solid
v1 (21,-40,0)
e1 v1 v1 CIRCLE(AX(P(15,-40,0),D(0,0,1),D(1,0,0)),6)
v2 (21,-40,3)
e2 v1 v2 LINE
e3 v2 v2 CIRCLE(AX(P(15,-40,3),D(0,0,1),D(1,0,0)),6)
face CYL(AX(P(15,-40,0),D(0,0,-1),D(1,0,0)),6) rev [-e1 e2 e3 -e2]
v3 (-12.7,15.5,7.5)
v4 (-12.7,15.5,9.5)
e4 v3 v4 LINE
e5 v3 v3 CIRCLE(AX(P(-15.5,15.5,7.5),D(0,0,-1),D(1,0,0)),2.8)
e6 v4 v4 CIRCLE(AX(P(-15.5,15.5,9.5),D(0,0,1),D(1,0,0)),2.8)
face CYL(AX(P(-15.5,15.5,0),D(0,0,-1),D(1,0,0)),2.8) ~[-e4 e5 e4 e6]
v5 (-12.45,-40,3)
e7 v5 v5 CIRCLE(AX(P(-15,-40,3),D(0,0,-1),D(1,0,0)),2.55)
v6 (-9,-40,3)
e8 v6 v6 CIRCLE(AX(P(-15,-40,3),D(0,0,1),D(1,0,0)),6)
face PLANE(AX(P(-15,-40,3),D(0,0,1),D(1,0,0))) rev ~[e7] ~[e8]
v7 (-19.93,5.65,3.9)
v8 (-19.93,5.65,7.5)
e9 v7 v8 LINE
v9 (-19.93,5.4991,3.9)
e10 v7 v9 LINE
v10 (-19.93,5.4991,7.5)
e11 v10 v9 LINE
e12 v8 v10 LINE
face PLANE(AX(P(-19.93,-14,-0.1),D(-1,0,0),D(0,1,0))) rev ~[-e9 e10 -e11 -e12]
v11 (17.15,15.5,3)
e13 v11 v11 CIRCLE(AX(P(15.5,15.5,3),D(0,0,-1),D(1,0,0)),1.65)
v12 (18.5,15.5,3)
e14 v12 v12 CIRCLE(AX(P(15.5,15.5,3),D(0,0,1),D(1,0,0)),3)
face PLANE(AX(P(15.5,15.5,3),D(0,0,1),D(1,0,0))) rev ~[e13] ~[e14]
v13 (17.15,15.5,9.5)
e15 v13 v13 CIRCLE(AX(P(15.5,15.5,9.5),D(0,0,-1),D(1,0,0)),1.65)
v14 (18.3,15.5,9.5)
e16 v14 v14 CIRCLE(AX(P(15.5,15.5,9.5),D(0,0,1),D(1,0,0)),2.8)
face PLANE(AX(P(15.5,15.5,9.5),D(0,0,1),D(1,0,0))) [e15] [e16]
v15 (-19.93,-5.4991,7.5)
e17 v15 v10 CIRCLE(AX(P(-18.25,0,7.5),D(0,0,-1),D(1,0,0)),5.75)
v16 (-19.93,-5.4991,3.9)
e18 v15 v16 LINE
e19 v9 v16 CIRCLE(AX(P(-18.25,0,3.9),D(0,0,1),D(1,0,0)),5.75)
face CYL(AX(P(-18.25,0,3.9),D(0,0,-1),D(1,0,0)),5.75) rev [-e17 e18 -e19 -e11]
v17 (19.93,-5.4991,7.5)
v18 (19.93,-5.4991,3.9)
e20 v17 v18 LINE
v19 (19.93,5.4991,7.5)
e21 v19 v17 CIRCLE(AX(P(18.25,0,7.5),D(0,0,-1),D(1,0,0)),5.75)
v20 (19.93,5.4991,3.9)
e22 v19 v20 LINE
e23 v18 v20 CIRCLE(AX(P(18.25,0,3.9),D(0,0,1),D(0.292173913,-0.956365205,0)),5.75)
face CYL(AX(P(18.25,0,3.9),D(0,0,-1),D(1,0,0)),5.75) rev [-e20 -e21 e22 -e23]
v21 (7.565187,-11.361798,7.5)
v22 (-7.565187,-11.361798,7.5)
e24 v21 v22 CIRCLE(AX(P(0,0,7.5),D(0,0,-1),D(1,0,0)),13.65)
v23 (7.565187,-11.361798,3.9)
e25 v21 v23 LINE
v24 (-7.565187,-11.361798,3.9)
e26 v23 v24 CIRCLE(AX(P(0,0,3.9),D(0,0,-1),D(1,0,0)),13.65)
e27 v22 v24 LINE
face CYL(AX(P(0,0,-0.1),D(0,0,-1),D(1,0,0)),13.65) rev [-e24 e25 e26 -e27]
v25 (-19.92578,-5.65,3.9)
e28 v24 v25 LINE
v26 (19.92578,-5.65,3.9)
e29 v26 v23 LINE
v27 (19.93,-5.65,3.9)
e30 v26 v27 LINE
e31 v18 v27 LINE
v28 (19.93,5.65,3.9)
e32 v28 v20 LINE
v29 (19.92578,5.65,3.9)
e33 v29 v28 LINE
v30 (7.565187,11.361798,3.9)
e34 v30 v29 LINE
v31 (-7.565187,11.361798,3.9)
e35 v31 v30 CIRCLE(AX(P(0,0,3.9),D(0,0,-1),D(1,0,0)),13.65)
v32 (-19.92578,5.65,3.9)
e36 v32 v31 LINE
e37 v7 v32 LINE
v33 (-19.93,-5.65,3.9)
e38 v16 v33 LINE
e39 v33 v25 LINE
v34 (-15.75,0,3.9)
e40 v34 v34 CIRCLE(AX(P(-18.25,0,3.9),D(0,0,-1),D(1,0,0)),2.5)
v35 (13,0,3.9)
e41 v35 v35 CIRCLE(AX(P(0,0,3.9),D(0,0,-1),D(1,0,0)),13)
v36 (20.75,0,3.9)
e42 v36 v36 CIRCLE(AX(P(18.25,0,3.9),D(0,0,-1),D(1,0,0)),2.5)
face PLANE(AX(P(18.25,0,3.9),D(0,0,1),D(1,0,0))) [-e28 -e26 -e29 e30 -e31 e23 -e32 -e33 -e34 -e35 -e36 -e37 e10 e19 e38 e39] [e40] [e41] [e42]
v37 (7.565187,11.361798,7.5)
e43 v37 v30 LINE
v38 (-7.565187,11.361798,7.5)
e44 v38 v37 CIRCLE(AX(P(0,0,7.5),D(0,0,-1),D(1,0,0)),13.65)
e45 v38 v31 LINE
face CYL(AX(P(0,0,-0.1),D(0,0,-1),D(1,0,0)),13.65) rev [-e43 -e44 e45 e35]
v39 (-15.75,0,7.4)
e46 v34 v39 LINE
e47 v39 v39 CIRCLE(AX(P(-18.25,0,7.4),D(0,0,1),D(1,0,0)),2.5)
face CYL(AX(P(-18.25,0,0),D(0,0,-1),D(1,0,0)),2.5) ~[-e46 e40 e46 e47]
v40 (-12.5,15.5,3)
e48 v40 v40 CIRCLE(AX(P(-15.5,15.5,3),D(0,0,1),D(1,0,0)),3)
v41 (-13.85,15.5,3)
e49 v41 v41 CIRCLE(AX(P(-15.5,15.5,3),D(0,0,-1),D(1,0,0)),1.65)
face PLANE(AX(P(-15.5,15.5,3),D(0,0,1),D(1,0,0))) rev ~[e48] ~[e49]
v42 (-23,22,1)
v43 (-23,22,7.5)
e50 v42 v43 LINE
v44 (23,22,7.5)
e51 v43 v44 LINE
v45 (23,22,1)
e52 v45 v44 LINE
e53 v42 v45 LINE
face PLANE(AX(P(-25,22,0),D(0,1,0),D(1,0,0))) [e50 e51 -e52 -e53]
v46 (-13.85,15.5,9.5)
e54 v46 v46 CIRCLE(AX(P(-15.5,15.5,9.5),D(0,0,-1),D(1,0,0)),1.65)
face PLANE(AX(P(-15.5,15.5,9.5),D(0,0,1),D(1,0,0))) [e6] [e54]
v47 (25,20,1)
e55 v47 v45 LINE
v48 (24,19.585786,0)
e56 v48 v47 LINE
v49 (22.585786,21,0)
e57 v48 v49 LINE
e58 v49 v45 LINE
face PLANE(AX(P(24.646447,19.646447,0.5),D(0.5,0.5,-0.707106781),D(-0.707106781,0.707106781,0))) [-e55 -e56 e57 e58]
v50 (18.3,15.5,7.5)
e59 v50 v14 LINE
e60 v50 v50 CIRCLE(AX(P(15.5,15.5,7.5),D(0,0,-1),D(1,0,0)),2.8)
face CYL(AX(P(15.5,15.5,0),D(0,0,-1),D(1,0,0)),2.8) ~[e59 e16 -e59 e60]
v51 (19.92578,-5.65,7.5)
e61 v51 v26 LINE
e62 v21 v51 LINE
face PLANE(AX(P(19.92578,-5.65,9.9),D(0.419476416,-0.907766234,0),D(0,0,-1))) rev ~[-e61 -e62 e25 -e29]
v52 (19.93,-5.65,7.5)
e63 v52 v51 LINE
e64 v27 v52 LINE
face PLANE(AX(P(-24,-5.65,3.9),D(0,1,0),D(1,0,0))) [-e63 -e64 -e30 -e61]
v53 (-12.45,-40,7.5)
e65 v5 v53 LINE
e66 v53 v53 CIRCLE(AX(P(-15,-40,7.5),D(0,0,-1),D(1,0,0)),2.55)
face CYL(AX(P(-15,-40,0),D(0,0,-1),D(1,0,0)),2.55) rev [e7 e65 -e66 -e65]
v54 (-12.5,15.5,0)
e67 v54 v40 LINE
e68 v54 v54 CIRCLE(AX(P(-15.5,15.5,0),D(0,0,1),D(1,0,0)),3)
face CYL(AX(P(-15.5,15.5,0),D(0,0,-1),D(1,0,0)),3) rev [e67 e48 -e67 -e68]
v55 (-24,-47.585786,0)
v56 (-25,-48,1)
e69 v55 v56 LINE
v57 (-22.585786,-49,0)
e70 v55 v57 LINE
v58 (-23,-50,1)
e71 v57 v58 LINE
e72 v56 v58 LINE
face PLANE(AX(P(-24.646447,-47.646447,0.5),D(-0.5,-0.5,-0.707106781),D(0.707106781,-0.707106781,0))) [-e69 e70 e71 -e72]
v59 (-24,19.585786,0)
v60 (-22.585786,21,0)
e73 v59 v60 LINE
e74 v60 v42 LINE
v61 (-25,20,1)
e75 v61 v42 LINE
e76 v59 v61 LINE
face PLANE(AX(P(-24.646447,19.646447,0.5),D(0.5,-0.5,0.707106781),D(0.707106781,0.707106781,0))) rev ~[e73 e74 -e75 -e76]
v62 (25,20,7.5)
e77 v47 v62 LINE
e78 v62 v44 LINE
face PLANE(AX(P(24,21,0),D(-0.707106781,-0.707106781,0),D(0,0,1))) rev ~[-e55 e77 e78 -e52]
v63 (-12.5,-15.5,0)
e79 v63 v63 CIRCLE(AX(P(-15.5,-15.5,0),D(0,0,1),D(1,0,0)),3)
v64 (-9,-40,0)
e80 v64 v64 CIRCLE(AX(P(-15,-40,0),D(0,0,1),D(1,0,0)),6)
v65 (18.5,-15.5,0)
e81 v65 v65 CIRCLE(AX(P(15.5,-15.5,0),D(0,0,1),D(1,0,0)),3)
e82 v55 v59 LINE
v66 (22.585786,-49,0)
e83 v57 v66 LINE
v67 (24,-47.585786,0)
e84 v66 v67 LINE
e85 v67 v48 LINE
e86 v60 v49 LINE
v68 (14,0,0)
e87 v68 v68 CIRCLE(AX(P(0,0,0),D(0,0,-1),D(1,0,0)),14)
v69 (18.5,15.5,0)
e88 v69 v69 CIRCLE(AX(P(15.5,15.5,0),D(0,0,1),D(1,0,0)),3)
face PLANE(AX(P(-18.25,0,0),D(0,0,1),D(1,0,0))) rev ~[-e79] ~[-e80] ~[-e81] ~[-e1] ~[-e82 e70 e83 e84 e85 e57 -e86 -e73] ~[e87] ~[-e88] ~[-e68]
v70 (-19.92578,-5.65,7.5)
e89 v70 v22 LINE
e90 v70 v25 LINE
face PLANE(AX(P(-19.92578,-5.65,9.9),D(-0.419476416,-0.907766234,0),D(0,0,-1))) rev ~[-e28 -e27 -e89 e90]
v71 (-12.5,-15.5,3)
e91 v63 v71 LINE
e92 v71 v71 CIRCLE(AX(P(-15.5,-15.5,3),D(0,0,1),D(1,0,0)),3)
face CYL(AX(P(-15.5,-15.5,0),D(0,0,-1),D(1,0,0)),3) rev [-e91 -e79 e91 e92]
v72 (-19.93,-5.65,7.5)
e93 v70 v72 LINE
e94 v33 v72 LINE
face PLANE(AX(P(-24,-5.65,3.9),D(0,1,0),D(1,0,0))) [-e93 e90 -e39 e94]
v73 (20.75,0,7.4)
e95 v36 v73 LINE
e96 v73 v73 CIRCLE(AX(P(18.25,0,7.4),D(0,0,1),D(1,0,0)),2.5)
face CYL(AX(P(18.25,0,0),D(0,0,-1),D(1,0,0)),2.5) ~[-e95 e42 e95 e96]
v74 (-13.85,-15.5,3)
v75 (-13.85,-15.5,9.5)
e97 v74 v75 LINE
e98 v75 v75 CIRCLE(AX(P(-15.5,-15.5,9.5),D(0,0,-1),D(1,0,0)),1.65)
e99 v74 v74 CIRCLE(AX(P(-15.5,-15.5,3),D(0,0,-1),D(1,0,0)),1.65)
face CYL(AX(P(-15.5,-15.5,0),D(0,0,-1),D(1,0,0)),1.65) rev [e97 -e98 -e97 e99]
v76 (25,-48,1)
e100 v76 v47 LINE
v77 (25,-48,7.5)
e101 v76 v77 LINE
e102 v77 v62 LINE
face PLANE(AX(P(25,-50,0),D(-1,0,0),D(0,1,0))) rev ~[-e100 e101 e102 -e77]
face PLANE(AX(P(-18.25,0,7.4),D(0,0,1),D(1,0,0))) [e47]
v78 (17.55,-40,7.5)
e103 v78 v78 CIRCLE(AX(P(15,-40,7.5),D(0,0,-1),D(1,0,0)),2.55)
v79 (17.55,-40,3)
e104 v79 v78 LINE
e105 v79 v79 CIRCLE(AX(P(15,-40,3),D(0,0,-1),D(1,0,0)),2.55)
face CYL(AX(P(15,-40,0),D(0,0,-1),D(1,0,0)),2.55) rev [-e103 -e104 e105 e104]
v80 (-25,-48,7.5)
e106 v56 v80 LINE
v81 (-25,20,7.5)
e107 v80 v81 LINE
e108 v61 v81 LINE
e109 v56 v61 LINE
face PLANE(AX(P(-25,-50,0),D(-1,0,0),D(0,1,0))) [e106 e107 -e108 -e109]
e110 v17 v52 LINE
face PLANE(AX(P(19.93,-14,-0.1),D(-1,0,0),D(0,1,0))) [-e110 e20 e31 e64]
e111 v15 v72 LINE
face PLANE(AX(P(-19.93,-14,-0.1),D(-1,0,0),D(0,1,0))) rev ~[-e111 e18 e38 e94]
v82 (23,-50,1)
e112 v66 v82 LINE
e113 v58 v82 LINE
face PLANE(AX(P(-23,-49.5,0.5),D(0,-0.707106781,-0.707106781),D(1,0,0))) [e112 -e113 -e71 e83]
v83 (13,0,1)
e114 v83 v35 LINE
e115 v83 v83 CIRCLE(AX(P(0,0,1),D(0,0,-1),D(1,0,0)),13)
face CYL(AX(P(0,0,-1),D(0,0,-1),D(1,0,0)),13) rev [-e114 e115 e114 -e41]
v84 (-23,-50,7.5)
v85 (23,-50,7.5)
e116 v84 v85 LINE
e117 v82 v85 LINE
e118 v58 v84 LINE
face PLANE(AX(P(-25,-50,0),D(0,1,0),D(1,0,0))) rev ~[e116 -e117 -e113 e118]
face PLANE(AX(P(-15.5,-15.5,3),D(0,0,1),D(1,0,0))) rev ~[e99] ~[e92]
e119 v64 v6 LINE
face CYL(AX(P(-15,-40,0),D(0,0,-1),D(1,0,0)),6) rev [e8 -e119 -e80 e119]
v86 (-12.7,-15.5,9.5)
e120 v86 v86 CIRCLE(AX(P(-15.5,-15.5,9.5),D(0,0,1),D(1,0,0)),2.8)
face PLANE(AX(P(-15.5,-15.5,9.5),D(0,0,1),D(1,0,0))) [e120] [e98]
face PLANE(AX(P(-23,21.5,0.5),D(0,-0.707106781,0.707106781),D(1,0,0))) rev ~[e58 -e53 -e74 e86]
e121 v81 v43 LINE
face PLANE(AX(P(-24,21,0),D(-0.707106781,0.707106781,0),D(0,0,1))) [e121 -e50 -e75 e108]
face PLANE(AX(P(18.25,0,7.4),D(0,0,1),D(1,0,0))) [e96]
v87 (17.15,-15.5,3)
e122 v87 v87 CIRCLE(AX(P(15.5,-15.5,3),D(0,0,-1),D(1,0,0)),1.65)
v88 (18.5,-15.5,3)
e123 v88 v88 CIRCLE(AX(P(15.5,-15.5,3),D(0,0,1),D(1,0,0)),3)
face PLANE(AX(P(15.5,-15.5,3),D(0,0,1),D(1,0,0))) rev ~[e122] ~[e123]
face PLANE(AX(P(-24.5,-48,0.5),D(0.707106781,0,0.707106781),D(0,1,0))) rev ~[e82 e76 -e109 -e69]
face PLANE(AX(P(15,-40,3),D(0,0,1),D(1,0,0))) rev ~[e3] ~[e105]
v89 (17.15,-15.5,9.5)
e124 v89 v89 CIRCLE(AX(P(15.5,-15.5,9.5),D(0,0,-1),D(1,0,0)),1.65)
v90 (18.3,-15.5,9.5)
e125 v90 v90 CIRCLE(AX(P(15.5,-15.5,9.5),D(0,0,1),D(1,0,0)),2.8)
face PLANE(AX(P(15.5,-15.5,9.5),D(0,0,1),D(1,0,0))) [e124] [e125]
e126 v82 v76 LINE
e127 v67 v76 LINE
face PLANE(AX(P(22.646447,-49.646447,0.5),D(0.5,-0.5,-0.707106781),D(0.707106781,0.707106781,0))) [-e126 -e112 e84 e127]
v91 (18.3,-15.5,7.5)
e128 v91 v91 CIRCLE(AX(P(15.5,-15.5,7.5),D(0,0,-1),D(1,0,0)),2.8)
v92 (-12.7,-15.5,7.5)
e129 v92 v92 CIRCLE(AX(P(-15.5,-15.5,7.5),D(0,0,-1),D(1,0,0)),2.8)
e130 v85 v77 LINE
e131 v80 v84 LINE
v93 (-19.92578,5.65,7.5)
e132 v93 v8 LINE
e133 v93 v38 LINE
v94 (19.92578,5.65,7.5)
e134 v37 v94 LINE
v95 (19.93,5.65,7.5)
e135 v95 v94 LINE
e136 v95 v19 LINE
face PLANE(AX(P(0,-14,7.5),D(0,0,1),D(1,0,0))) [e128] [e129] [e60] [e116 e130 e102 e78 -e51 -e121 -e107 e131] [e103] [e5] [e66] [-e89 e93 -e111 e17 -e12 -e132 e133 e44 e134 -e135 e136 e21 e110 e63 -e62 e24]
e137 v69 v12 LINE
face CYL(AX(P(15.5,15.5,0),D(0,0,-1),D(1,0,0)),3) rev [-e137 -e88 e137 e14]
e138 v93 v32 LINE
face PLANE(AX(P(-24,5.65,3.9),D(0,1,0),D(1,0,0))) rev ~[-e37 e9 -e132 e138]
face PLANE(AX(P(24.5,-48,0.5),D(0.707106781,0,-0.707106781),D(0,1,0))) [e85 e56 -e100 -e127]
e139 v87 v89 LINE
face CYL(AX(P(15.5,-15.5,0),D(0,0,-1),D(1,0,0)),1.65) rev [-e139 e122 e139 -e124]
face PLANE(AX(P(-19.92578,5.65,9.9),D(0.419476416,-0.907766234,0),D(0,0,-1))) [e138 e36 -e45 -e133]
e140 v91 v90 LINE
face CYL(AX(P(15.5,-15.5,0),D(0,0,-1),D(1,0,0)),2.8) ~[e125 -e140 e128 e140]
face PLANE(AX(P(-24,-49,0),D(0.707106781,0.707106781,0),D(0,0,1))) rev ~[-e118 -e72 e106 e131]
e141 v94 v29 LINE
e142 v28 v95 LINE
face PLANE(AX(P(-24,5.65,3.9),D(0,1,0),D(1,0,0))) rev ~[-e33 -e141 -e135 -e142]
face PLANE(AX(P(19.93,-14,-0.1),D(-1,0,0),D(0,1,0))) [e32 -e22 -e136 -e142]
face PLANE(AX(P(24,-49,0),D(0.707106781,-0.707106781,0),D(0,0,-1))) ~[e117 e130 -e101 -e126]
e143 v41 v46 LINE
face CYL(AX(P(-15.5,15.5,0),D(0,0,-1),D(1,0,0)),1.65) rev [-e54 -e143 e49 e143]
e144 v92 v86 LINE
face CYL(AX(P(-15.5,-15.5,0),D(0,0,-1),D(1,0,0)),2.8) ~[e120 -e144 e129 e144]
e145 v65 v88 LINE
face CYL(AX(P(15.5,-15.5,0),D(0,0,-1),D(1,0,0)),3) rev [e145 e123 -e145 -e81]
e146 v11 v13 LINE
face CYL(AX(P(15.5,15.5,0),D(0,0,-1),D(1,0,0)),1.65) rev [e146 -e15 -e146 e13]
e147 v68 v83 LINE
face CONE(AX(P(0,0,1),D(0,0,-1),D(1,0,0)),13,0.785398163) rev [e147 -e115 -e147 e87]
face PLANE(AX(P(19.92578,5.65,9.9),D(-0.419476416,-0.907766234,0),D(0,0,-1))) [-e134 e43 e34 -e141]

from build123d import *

# Parameters (mm, degrees)
CYLINDER023_R     = 6
CYLINDER023_DEPTH = 3
CYLINDER022_R     = 2.55
CYLINDER022_DEPTH = 10
CYLINDER021_R     = 2.55
CYLINDER021_DEPTH = 10
CYLINDER010_R     = 1.65
CYLINDER010_DEPTH = 10
CYLINDER011_R     = 1.65
CYLINDER011_DEPTH = 10
CYLINDER009_R     = 1.65
CYLINDER009_DEPTH = 10
CYLINDER012_R     = 1.65
CYLINDER012_DEPTH = 10
CYLINDER019_R     = 3
CYLINDER019_DEPTH = 3
CYLINDER018_R     = 3
CYLINDER018_DEPTH = 3
CYLINDER017_R     = 3
CYLINDER017_DEPTH = 3
CYLINDER020_R     = 3
CYLINDER020_DEPTH = 3
CYLINDER024_R     = 6
CYLINDER024_DEPTH = 3
CYLINDER007_R     = 2.8
CYLINDER007_DEPTH = 9.5
CYLINDER008_R     = 2.8
CYLINDER008_DEPTH = 9.5
CYLINDER006_R     = 2.8
CYLINDER006_DEPTH = 9.5
CYLINDER005_R     = 2.8
CYLINDER005_DEPTH = 9.5
CYLINDER004_R     = 2.5
CYLINDER004_DEPTH = 7.4
CYLINDER003_R     = 2.5
CYLINDER003_DEPTH = 7.4
CYLINDER013_R     = 13
CYLINDER013_DEPTH = 8
CYLINDER016_R     = 17
CYLINDER016_DEPTH = 8
BOX002_W          = 15
BOX002_H          = 28
BOX002_DEPTH      = 10
BOX003_W          = 15
BOX003_H          = 28
BOX003_DEPTH      = 10
BOX001_W          = 48
BOX001_H          = 11.3
BOX001_DEPTH      = 6
CYLINDER_R        = 13.65
CYLINDER_DEPTH    = 10
CHAMFER_SIZE      = 7.5
CYLINDER002_R     = 5.75
CYLINDER002_DEPTH = 6
CYLINDER001_R     = 5.75
CYLINDER001_DEPTH = 6
BOX_W             = 50
BOX_H             = 72
BOX_DEPTH         = 7.5
CHAMFER001_SIZE   = 2
CHAMFER002_SIZE   = 1


with BuildPart() as cylinder023:
    # Cylinder023 → Cylinder023 (new body)
    with BuildSketch(Plane(origin=(15, -40, 0), x_dir=(1, 0, 0), z_dir=(0, 0, 1))):
        Circle(CYLINDER023_R)
    extrude(amount=CYLINDER023_DEPTH)


with BuildPart() as cylinder022:
    # Cylinder022 → Cylinder022 (new body)
    with BuildSketch(Plane(origin=(15, -40, 0), x_dir=(1, 0, 0), z_dir=(0, 0, 1))):
        Circle(CYLINDER022_R)
    extrude(amount=CYLINDER022_DEPTH)


with BuildPart() as cylinder021:
    # Cylinder021 → Cylinder021 (new body)
    with BuildSketch(Plane(origin=(-15, -40, 0), x_dir=(1, 0, 0), z_dir=(0, 0, 1))):
        Circle(CYLINDER021_R)
    extrude(amount=CYLINDER021_DEPTH)


with BuildPart() as cylinder010:
    # Cylinder010 → Cylinder010 (new body)
    with BuildSketch(Plane(origin=(-15.5, -15.5, 0), x_dir=(1, 0, 0), z_dir=(0, 0, 1))):
        Circle(CYLINDER010_R)
    extrude(amount=CYLINDER010_DEPTH)


with BuildPart() as cylinder011:
    # Cylinder011 → Cylinder011 (new body)
    with BuildSketch(Plane(origin=(15.5, 15.5, 0), x_dir=(1, 0, 0), z_dir=(0, 0, 1))):
        Circle(CYLINDER011_R)
    extrude(amount=CYLINDER011_DEPTH)


with BuildPart() as cylinder009:
    # Cylinder009 → Cylinder009 (new body)
    with BuildSketch(Plane(origin=(15.5, -15.5, 0), x_dir=(1, 0, 0), z_dir=(0, 0, 1))):
        Circle(CYLINDER009_R)
    extrude(amount=CYLINDER009_DEPTH)


with BuildPart() as fusion004:
    # Cylinder012 → Cylinder012 (new body)
    with BuildSketch(Plane(origin=(-15.5, 15.5, 0), x_dir=(1, 0, 0), z_dir=(0, 0, 1))):
        Circle(CYLINDER012_R)
    extrude(amount=CYLINDER012_DEPTH)

    # Fusion004: union Cylinder010, Cylinder011, Cylinder009
    add(cylinder010.part)
    add(cylinder011.part)
    add(cylinder009.part)


with BuildPart() as cylinder019:
    # Cylinder019 → Cylinder019 (new body)
    with BuildSketch(Plane(origin=(15.5, -15.5, 0), x_dir=(1, 0, 0), z_dir=(0, 0, 1))):
        Circle(CYLINDER019_R)
    extrude(amount=CYLINDER019_DEPTH)


with BuildPart() as cylinder018:
    # Cylinder018 → Cylinder018 (new body)
    with BuildSketch(Plane(origin=(15.5, 15.5, 0), x_dir=(1, 0, 0), z_dir=(0, 0, 1))):
        Circle(CYLINDER018_R)
    extrude(amount=CYLINDER018_DEPTH)


with BuildPart() as cylinder017:
    # Cylinder017 → Cylinder017 (new body)
    with BuildSketch(Plane(origin=(-15.5, 15.5, 0), x_dir=(1, 0, 0), z_dir=(0, 0, 1))):
        Circle(CYLINDER017_R)
    extrude(amount=CYLINDER017_DEPTH)


with BuildPart() as fusion005:
    # Cylinder020 → Cylinder020 (new body)
    with BuildSketch(Plane(origin=(-15.5, -15.5, 0), x_dir=(1, 0, 0), z_dir=(0, 0, 1))):
        Circle(CYLINDER020_R)
    extrude(amount=CYLINDER020_DEPTH)

    # Fusion005: union Cylinder019, Cylinder018, Cylinder017
    add(cylinder019.part)
    add(cylinder018.part)
    add(cylinder017.part)


with BuildPart() as fusion009:
    # Cylinder024 → Cylinder024 (new body)
    with BuildSketch(Plane(origin=(-15, -40, 0), x_dir=(1, 0, 0), z_dir=(0, 0, 1))):
        Circle(CYLINDER024_R)
    extrude(amount=CYLINDER024_DEPTH)

    # Fusion009: union Cylinder023, Cylinder022, Cylinder021, Fusion004, Fusion005
    add(cylinder023.part)
    add(cylinder022.part)
    add(cylinder021.part)
    add(fusion004.part)
    add(fusion005.part)


with BuildPart() as cylinder007:
    # Cylinder007 → Cylinder007 (new body)
    with BuildSketch(Plane(origin=(-15.5, -15.5, 0), x_dir=(1, 0, 0), z_dir=(0, 0, 1))):
        Circle(CYLINDER007_R)
    extrude(amount=CYLINDER007_DEPTH)


with BuildPart() as cylinder008:
    # Cylinder008 → Cylinder008 (new body)
    with BuildSketch(Plane(origin=(15.5, -15.5, 0), x_dir=(1, 0, 0), z_dir=(0, 0, 1))):
        Circle(CYLINDER008_R)
    extrude(amount=CYLINDER008_DEPTH)


with BuildPart() as cylinder006:
    # Cylinder006 → Cylinder006 (new body)
    with BuildSketch(Plane(origin=(15.5, 15.5, 0), x_dir=(1, 0, 0), z_dir=(0, 0, 1))):
        Circle(CYLINDER006_R)
    extrude(amount=CYLINDER006_DEPTH)


with BuildPart() as fusion002:
    # Cylinder005 → Cylinder005 (new body)
    with BuildSketch(Plane(origin=(-15.5, 15.5, 0), x_dir=(1, 0, 0), z_dir=(0, 0, 1))):
        Circle(CYLINDER005_R)
    extrude(amount=CYLINDER005_DEPTH)

    # Fusion002: union Cylinder007, Cylinder008, Cylinder006
    add(cylinder007.part)
    add(cylinder008.part)
    add(cylinder006.part)


with BuildPart() as cylinder004:
    # Cylinder004 → Cylinder004 (new body)
    with BuildSketch(Plane(origin=(-18.25, 0, 0), x_dir=(1, 0, 0), z_dir=(0, 0, 1))):
        Circle(CYLINDER004_R)
    extrude(amount=CYLINDER004_DEPTH)


with BuildPart() as fusion007:
    # Cylinder003 → Cylinder003 (new body)
    with BuildSketch(Plane(origin=(18.25, 0, 0), x_dir=(1, 0, 0), z_dir=(0, 0, 1))):
        Circle(CYLINDER003_R)
    extrude(amount=CYLINDER003_DEPTH)

    # Fusion007: union Cylinder004
    add(cylinder004.part)


with BuildPart() as cylinder013:
    # Cylinder013 → Cylinder013 (new body)
    with BuildSketch(Plane.XY.offset(-1)):
        Circle(CYLINDER013_R)
    extrude(amount=CYLINDER013_DEPTH)


with BuildPart() as cylinder016:
    # Cylinder016 → Cylinder016 (new body)
    with BuildSketch(Plane.XY.offset(-4)):
        Circle(CYLINDER016_R)
    extrude(amount=CYLINDER016_DEPTH)


with BuildPart() as cube002:
    # Box002 → Box002 (new body)
    with BuildSketch(Plane(origin=(19.93, -14, 0), x_dir=(1, 0, 0), z_dir=(0, 0, 1))):
        with Locations((7.5, 14)):
            Rectangle(BOX002_W, BOX002_H)
    extrude(amount=BOX002_DEPTH)


with BuildPart() as cube003:
    # Box003 → Box003 (new body)
    with BuildSketch(Plane(origin=(-34.93, -14, 0), x_dir=(1, 0, 0), z_dir=(0, 0, 1))):
        with Locations((7.5, 14)):
            Rectangle(BOX003_W, BOX003_H)
    extrude(amount=BOX003_DEPTH)


with BuildPart() as cube001:
    # Box001 → Box001 (new body)
    with BuildSketch(Plane(origin=(-24, -5.65, 4), x_dir=(1, 0, 0), z_dir=(0, 0, 1))):
        with Locations((24, 5.65)):
            Rectangle(BOX001_W, BOX001_H)
    extrude(amount=BOX001_DEPTH)


with BuildPart() as cut002:
    # Cylinder → Cylinder (new body)
    with BuildSketch(Plane.XY):
        Circle(CYLINDER_R)
    extrude(amount=CYLINDER_DEPTH)

    # Fusion: union Cube001
    add(cube001.part)

    # Chamfer
    chamfer_edges = [cut002.edges().sort_by_distance(p)[0] for p in [
        (12.42578, 5.65, 7),
        (12.42578, -5.65, 7),
        (-12.42578, 5.65, 7),
        (-12.42578, -5.65, 7),
    ]]
    chamfer(chamfer_edges, length=CHAMFER_SIZE)

    # Cut: cut Cube003
    add(cube003.part, mode=Mode.SUBTRACT)

    # Cut001: cut Cube002
    add(cube002.part, mode=Mode.SUBTRACT)

    # Cut002: cut Cylinder016
    add(cylinder016.part, mode=Mode.SUBTRACT)


with BuildPart() as cylinder002:
    # Cylinder002 → Cylinder002 (new body)
    with BuildSketch(Plane(origin=(18.25, 0, 4), x_dir=(1, 0, 0), z_dir=(0, 0, 1))):
        Circle(CYLINDER002_R)
    extrude(amount=CYLINDER002_DEPTH)


with BuildPart() as bearing_template:
    # Cylinder001 → Cylinder001 (new body)
    with BuildSketch(Plane(origin=(-18.25, 0, 4), x_dir=(1, 0, 0), z_dir=(0, 0, 1))):
        Circle(CYLINDER001_R)
    extrude(amount=CYLINDER001_DEPTH)

    # Fusion001: union Cut002, Cylinder002
    add(cut002.part)
    add(cylinder002.part)


with BuildPart() as bearing_template_1:
    # Fusion001 placement: moved
    add(bearing_template.part.moved(Location((0, 0, -0.1))))


with BuildPart() as chamfer002:
    # Box → Box (new body)
    with BuildSketch(Plane(origin=(-25, -50, 0), x_dir=(1, 0, 0), z_dir=(0, 0, 1))):
        with Locations((25, 36)):
            Rectangle(BOX_W, BOX_H)
    extrude(amount=BOX_DEPTH)

    # Chamfer001
    chamfer001_edges = [chamfer002.edges().sort_by_distance(p)[0] for p in [
        (-25, -50, 3.75),
        (-25, 22, 3.75),
        (25, -50, 3.75),
        (25, 22, 3.75),
    ]]
    chamfer(chamfer001_edges, length=CHAMFER001_SIZE)

    # Cut003: cut bearing-template
    add(bearing_template_1.part, mode=Mode.SUBTRACT)

    # Cut004: cut Cylinder013
    add(cylinder013.part, mode=Mode.SUBTRACT)

    # Fusion008: union Fusion002, Fusion007
    add(fusion002.part)
    add(fusion007.part)

    # Cut005: cut Fusion009
    add(fusion009.part, mode=Mode.SUBTRACT)

    # Chamfer002
    chamfer002_edges = [chamfer002.edges().sort_by_distance(p)[0] for p in [
        (-25, -14, 0),
        (-24, -49, 0),
        (-24, 21, 0),
        (0, -50, 0),
        (0, 22, 0),
        (24, -49, 0),
        (24, 21, 0),
        (25, -14, 0),
        (-13, 0, 0),
    ]]
    chamfer(chamfer002_edges, length=CHAMFER002_SIZE)


solid = chamfer002.part
